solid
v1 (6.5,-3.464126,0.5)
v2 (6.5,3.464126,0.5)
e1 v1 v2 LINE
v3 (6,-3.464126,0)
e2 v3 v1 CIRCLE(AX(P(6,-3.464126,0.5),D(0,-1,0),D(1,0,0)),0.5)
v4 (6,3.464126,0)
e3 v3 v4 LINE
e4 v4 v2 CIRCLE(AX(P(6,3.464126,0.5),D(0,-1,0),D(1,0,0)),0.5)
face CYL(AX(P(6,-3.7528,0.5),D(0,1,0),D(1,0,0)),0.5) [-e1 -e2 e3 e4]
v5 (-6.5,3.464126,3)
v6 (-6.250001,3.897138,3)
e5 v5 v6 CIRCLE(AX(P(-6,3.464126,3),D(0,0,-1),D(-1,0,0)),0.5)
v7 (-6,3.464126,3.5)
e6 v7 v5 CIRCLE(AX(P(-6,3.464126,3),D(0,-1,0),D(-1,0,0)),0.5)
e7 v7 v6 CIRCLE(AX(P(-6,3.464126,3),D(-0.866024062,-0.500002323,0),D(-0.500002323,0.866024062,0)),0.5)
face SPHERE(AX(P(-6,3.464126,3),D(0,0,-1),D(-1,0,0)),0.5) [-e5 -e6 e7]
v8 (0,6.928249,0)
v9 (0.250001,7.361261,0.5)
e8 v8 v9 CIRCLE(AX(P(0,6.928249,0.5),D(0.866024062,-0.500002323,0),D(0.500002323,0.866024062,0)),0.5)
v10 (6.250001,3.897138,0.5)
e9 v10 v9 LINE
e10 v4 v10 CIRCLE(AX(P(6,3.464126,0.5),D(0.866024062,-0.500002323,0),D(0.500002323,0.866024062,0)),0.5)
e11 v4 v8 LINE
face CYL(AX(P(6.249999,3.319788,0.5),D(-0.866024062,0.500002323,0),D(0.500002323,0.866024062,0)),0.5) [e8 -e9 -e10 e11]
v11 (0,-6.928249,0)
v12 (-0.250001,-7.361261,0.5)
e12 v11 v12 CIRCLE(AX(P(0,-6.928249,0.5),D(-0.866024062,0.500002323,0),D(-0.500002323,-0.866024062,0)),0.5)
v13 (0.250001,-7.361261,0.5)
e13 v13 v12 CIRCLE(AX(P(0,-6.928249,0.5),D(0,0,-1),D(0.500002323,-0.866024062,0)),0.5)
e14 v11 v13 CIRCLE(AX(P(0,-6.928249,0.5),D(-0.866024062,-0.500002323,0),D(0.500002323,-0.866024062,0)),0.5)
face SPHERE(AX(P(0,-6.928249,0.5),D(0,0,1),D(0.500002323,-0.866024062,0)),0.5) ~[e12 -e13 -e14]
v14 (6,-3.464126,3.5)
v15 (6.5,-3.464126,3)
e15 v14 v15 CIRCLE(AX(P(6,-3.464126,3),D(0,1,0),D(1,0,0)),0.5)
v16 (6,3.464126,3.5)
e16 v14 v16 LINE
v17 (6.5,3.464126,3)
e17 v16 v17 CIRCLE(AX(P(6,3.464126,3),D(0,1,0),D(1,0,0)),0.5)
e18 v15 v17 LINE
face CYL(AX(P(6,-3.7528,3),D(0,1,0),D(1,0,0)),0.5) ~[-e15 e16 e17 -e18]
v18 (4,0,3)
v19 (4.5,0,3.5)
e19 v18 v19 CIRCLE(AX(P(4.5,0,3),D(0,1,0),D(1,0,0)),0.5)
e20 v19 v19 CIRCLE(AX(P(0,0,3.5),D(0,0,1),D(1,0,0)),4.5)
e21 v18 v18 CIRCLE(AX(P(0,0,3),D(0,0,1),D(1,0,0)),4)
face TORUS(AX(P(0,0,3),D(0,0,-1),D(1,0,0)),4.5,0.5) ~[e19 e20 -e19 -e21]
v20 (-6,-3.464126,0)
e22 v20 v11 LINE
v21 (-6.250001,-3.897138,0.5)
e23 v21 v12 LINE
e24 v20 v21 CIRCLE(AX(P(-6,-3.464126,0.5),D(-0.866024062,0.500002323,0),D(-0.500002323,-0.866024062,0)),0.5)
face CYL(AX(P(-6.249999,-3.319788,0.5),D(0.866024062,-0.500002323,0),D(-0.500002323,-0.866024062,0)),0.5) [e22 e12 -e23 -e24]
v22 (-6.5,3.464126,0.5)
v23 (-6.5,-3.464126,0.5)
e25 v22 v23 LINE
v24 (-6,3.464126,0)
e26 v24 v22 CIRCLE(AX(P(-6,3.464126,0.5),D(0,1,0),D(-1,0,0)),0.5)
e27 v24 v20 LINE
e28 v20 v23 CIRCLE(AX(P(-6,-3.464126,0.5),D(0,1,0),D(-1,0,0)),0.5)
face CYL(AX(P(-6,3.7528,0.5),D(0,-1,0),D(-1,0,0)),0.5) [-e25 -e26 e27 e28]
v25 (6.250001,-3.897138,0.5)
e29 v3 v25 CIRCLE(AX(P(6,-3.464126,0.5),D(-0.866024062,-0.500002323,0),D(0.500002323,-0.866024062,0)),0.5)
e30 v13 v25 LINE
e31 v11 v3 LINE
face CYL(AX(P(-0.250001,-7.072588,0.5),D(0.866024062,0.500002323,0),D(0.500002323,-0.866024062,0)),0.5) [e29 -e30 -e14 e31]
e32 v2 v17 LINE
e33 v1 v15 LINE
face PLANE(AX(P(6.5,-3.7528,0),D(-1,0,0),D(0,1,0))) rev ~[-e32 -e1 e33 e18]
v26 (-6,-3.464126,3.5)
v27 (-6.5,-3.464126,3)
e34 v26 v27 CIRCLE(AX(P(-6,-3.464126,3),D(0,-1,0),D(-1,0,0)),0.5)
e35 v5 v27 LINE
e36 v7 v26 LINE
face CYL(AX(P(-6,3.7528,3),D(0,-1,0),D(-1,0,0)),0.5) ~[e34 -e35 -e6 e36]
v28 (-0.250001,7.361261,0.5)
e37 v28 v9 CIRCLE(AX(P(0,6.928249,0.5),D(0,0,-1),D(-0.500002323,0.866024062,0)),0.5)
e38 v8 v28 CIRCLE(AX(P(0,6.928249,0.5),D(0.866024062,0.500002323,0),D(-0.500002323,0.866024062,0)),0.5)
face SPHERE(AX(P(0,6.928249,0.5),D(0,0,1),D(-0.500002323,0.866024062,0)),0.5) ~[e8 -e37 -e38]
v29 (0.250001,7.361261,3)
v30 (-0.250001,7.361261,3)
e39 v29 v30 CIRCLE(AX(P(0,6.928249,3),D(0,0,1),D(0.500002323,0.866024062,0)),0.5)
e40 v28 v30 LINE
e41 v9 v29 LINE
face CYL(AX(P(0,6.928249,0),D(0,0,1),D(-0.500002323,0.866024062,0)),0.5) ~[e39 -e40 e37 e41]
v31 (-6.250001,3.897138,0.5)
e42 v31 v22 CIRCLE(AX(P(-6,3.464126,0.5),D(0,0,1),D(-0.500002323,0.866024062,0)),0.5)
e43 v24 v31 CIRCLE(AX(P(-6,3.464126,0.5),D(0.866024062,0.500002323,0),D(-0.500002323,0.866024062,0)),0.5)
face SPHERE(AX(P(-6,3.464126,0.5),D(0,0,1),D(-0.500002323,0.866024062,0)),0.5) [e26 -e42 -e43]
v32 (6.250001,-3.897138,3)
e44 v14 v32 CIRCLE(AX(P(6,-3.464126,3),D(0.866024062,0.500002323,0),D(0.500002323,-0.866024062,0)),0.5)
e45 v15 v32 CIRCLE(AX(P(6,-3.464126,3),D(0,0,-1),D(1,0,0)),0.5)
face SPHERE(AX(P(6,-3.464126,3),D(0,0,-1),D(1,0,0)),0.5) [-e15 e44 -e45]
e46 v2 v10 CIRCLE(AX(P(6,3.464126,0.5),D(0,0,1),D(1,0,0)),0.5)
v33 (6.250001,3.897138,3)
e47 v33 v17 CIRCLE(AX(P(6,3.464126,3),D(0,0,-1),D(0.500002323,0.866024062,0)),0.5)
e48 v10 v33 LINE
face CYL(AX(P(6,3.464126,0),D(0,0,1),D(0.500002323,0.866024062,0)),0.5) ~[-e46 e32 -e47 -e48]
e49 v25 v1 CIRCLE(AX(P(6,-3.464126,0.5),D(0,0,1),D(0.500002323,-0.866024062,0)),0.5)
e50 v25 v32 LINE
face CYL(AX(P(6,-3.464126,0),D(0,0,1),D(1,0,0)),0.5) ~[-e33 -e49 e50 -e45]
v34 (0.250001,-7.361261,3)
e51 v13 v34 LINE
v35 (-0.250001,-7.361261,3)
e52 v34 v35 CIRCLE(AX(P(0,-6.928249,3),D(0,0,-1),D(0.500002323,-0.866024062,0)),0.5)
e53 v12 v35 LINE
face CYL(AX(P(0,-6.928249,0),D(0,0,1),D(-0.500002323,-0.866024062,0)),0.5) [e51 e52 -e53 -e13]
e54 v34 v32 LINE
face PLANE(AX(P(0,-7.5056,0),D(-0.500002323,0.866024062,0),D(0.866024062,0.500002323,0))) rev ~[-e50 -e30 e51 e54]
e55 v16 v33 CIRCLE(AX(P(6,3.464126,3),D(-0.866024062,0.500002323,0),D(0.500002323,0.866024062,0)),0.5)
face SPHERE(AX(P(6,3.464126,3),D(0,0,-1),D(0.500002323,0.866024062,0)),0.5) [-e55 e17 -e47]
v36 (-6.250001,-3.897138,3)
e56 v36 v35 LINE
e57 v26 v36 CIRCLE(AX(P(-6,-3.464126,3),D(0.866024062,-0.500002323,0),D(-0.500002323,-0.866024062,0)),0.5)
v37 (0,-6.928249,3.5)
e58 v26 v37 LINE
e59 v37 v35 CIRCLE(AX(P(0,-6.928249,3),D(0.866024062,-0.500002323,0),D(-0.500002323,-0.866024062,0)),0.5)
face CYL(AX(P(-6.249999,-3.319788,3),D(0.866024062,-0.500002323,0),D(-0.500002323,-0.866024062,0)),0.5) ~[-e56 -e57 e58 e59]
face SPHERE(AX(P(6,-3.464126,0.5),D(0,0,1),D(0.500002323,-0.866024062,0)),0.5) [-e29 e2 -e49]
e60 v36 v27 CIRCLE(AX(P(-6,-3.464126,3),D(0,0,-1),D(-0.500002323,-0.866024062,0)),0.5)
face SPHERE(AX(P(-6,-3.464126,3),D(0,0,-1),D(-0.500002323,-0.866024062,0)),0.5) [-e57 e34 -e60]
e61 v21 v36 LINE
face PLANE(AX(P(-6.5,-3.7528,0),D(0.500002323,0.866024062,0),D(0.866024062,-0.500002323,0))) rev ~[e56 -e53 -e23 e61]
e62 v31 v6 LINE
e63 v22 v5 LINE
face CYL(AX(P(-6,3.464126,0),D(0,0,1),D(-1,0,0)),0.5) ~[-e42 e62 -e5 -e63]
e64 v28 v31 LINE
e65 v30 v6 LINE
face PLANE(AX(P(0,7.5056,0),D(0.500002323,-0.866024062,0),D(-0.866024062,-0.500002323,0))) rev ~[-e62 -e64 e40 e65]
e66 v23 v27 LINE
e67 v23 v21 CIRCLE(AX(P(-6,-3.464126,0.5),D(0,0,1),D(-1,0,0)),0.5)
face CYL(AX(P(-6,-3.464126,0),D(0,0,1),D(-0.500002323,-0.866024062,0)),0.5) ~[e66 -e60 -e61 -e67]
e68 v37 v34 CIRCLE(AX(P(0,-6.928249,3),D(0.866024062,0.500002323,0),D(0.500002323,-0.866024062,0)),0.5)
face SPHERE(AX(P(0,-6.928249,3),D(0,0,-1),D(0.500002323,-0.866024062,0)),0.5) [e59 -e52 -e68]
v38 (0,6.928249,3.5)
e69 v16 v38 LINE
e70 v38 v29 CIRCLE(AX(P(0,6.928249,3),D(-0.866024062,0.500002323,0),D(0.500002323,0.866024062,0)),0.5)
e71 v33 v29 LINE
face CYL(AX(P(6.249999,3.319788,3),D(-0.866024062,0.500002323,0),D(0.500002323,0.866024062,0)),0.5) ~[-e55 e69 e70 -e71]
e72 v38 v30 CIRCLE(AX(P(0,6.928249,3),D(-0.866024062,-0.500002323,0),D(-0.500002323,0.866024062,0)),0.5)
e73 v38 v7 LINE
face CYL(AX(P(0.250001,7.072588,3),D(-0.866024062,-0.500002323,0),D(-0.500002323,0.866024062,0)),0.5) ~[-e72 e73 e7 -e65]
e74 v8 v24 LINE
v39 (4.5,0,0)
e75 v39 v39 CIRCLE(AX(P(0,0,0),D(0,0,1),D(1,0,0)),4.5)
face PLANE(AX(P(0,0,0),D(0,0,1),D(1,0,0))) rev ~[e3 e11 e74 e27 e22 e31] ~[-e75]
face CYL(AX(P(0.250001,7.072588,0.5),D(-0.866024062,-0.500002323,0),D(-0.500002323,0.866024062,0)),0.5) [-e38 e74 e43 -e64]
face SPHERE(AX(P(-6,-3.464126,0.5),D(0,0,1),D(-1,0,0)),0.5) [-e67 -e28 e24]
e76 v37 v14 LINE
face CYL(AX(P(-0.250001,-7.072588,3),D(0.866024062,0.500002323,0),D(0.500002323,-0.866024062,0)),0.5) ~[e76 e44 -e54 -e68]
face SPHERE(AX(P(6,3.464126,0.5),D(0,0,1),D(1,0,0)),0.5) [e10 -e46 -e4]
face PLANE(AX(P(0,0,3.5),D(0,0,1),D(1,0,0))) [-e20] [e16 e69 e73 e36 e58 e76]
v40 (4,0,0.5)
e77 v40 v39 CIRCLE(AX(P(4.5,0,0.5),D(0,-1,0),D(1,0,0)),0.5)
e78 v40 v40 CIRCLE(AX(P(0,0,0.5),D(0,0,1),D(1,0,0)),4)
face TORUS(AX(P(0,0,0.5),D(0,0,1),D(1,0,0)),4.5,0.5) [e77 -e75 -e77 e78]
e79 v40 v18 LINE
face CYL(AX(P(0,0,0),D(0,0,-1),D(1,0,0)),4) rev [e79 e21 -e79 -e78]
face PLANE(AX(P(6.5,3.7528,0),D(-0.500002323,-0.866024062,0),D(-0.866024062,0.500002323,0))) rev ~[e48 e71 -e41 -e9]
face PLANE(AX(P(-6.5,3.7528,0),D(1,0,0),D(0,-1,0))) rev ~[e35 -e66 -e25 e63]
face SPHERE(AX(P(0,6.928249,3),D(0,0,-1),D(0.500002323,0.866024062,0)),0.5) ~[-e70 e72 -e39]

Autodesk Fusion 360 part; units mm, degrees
sketch "Sketch1" plane through (0, 0, 0) normal (0, 0, 1) x (1, 0, 0)
  circle A0 centre (0, 0) radius 4
  line L0 (0, -7.5056) -> (6.5, -3.7528)
  line L1 (6.5, -3.7528) -> (6.5, 3.7528)
  line L2 (6.5, 3.7528) -> (0, 7.5056)
  line L3 (0, 7.5056) -> (-6.5, 3.7528)
  line L4 (-6.5, 3.7528) -> (-6.5, -3.7528)
  line L5 (-6.5, -3.7528) -> (0, -7.5056)
  dimension "d1" = 8
  dimension "d2" = 13
extrude "Extrude1" add sketch "Sketch1" along normal blind 3.5
fillet "Fillet1" radius 0.5 20 edges at (-3.7293, 1.4465, 0) (-6.5, -3.7528, 1.75) (3.25, 5.6292, 0) (-3.25, 5.6292, 3.5) (3.25, -5.6292, 3.5) (6.5, 3.7528, 1.75) (6.5, 0, 0) (-6.5, 0, 0) (-6.5, 3.7528, 1.75) (6.5, -3.7528, 1.75) (-3.25, -5.6292, 3.5) (-6.5, 0, 3.5) (3.25, -5.6292, 0) (-3.25, -5.6292, 0) (-3.7293, 1.4465, 3.5) (0, 7.5056, 1.75) (0, -7.5056, 1.75) (3.25, 5.6292, 3.5) (6.5, 0, 3.5) (-3.25, 5.6292, 0) 9 faces at (-6.5, 1.2509, 1.1667) (6.5, -1.2509, 1.1667) (-2.1667, 6.2546, 1.1667) (2.1667, -6.2546, 1.1667) (3.9801, -0.3983, 2.3333) (-4.3333, -5.0037, 1.1667) (5.6667, 0, 3.5) (5.6667, 0, 0) (4.3333, 5.0037, 1.1667)
